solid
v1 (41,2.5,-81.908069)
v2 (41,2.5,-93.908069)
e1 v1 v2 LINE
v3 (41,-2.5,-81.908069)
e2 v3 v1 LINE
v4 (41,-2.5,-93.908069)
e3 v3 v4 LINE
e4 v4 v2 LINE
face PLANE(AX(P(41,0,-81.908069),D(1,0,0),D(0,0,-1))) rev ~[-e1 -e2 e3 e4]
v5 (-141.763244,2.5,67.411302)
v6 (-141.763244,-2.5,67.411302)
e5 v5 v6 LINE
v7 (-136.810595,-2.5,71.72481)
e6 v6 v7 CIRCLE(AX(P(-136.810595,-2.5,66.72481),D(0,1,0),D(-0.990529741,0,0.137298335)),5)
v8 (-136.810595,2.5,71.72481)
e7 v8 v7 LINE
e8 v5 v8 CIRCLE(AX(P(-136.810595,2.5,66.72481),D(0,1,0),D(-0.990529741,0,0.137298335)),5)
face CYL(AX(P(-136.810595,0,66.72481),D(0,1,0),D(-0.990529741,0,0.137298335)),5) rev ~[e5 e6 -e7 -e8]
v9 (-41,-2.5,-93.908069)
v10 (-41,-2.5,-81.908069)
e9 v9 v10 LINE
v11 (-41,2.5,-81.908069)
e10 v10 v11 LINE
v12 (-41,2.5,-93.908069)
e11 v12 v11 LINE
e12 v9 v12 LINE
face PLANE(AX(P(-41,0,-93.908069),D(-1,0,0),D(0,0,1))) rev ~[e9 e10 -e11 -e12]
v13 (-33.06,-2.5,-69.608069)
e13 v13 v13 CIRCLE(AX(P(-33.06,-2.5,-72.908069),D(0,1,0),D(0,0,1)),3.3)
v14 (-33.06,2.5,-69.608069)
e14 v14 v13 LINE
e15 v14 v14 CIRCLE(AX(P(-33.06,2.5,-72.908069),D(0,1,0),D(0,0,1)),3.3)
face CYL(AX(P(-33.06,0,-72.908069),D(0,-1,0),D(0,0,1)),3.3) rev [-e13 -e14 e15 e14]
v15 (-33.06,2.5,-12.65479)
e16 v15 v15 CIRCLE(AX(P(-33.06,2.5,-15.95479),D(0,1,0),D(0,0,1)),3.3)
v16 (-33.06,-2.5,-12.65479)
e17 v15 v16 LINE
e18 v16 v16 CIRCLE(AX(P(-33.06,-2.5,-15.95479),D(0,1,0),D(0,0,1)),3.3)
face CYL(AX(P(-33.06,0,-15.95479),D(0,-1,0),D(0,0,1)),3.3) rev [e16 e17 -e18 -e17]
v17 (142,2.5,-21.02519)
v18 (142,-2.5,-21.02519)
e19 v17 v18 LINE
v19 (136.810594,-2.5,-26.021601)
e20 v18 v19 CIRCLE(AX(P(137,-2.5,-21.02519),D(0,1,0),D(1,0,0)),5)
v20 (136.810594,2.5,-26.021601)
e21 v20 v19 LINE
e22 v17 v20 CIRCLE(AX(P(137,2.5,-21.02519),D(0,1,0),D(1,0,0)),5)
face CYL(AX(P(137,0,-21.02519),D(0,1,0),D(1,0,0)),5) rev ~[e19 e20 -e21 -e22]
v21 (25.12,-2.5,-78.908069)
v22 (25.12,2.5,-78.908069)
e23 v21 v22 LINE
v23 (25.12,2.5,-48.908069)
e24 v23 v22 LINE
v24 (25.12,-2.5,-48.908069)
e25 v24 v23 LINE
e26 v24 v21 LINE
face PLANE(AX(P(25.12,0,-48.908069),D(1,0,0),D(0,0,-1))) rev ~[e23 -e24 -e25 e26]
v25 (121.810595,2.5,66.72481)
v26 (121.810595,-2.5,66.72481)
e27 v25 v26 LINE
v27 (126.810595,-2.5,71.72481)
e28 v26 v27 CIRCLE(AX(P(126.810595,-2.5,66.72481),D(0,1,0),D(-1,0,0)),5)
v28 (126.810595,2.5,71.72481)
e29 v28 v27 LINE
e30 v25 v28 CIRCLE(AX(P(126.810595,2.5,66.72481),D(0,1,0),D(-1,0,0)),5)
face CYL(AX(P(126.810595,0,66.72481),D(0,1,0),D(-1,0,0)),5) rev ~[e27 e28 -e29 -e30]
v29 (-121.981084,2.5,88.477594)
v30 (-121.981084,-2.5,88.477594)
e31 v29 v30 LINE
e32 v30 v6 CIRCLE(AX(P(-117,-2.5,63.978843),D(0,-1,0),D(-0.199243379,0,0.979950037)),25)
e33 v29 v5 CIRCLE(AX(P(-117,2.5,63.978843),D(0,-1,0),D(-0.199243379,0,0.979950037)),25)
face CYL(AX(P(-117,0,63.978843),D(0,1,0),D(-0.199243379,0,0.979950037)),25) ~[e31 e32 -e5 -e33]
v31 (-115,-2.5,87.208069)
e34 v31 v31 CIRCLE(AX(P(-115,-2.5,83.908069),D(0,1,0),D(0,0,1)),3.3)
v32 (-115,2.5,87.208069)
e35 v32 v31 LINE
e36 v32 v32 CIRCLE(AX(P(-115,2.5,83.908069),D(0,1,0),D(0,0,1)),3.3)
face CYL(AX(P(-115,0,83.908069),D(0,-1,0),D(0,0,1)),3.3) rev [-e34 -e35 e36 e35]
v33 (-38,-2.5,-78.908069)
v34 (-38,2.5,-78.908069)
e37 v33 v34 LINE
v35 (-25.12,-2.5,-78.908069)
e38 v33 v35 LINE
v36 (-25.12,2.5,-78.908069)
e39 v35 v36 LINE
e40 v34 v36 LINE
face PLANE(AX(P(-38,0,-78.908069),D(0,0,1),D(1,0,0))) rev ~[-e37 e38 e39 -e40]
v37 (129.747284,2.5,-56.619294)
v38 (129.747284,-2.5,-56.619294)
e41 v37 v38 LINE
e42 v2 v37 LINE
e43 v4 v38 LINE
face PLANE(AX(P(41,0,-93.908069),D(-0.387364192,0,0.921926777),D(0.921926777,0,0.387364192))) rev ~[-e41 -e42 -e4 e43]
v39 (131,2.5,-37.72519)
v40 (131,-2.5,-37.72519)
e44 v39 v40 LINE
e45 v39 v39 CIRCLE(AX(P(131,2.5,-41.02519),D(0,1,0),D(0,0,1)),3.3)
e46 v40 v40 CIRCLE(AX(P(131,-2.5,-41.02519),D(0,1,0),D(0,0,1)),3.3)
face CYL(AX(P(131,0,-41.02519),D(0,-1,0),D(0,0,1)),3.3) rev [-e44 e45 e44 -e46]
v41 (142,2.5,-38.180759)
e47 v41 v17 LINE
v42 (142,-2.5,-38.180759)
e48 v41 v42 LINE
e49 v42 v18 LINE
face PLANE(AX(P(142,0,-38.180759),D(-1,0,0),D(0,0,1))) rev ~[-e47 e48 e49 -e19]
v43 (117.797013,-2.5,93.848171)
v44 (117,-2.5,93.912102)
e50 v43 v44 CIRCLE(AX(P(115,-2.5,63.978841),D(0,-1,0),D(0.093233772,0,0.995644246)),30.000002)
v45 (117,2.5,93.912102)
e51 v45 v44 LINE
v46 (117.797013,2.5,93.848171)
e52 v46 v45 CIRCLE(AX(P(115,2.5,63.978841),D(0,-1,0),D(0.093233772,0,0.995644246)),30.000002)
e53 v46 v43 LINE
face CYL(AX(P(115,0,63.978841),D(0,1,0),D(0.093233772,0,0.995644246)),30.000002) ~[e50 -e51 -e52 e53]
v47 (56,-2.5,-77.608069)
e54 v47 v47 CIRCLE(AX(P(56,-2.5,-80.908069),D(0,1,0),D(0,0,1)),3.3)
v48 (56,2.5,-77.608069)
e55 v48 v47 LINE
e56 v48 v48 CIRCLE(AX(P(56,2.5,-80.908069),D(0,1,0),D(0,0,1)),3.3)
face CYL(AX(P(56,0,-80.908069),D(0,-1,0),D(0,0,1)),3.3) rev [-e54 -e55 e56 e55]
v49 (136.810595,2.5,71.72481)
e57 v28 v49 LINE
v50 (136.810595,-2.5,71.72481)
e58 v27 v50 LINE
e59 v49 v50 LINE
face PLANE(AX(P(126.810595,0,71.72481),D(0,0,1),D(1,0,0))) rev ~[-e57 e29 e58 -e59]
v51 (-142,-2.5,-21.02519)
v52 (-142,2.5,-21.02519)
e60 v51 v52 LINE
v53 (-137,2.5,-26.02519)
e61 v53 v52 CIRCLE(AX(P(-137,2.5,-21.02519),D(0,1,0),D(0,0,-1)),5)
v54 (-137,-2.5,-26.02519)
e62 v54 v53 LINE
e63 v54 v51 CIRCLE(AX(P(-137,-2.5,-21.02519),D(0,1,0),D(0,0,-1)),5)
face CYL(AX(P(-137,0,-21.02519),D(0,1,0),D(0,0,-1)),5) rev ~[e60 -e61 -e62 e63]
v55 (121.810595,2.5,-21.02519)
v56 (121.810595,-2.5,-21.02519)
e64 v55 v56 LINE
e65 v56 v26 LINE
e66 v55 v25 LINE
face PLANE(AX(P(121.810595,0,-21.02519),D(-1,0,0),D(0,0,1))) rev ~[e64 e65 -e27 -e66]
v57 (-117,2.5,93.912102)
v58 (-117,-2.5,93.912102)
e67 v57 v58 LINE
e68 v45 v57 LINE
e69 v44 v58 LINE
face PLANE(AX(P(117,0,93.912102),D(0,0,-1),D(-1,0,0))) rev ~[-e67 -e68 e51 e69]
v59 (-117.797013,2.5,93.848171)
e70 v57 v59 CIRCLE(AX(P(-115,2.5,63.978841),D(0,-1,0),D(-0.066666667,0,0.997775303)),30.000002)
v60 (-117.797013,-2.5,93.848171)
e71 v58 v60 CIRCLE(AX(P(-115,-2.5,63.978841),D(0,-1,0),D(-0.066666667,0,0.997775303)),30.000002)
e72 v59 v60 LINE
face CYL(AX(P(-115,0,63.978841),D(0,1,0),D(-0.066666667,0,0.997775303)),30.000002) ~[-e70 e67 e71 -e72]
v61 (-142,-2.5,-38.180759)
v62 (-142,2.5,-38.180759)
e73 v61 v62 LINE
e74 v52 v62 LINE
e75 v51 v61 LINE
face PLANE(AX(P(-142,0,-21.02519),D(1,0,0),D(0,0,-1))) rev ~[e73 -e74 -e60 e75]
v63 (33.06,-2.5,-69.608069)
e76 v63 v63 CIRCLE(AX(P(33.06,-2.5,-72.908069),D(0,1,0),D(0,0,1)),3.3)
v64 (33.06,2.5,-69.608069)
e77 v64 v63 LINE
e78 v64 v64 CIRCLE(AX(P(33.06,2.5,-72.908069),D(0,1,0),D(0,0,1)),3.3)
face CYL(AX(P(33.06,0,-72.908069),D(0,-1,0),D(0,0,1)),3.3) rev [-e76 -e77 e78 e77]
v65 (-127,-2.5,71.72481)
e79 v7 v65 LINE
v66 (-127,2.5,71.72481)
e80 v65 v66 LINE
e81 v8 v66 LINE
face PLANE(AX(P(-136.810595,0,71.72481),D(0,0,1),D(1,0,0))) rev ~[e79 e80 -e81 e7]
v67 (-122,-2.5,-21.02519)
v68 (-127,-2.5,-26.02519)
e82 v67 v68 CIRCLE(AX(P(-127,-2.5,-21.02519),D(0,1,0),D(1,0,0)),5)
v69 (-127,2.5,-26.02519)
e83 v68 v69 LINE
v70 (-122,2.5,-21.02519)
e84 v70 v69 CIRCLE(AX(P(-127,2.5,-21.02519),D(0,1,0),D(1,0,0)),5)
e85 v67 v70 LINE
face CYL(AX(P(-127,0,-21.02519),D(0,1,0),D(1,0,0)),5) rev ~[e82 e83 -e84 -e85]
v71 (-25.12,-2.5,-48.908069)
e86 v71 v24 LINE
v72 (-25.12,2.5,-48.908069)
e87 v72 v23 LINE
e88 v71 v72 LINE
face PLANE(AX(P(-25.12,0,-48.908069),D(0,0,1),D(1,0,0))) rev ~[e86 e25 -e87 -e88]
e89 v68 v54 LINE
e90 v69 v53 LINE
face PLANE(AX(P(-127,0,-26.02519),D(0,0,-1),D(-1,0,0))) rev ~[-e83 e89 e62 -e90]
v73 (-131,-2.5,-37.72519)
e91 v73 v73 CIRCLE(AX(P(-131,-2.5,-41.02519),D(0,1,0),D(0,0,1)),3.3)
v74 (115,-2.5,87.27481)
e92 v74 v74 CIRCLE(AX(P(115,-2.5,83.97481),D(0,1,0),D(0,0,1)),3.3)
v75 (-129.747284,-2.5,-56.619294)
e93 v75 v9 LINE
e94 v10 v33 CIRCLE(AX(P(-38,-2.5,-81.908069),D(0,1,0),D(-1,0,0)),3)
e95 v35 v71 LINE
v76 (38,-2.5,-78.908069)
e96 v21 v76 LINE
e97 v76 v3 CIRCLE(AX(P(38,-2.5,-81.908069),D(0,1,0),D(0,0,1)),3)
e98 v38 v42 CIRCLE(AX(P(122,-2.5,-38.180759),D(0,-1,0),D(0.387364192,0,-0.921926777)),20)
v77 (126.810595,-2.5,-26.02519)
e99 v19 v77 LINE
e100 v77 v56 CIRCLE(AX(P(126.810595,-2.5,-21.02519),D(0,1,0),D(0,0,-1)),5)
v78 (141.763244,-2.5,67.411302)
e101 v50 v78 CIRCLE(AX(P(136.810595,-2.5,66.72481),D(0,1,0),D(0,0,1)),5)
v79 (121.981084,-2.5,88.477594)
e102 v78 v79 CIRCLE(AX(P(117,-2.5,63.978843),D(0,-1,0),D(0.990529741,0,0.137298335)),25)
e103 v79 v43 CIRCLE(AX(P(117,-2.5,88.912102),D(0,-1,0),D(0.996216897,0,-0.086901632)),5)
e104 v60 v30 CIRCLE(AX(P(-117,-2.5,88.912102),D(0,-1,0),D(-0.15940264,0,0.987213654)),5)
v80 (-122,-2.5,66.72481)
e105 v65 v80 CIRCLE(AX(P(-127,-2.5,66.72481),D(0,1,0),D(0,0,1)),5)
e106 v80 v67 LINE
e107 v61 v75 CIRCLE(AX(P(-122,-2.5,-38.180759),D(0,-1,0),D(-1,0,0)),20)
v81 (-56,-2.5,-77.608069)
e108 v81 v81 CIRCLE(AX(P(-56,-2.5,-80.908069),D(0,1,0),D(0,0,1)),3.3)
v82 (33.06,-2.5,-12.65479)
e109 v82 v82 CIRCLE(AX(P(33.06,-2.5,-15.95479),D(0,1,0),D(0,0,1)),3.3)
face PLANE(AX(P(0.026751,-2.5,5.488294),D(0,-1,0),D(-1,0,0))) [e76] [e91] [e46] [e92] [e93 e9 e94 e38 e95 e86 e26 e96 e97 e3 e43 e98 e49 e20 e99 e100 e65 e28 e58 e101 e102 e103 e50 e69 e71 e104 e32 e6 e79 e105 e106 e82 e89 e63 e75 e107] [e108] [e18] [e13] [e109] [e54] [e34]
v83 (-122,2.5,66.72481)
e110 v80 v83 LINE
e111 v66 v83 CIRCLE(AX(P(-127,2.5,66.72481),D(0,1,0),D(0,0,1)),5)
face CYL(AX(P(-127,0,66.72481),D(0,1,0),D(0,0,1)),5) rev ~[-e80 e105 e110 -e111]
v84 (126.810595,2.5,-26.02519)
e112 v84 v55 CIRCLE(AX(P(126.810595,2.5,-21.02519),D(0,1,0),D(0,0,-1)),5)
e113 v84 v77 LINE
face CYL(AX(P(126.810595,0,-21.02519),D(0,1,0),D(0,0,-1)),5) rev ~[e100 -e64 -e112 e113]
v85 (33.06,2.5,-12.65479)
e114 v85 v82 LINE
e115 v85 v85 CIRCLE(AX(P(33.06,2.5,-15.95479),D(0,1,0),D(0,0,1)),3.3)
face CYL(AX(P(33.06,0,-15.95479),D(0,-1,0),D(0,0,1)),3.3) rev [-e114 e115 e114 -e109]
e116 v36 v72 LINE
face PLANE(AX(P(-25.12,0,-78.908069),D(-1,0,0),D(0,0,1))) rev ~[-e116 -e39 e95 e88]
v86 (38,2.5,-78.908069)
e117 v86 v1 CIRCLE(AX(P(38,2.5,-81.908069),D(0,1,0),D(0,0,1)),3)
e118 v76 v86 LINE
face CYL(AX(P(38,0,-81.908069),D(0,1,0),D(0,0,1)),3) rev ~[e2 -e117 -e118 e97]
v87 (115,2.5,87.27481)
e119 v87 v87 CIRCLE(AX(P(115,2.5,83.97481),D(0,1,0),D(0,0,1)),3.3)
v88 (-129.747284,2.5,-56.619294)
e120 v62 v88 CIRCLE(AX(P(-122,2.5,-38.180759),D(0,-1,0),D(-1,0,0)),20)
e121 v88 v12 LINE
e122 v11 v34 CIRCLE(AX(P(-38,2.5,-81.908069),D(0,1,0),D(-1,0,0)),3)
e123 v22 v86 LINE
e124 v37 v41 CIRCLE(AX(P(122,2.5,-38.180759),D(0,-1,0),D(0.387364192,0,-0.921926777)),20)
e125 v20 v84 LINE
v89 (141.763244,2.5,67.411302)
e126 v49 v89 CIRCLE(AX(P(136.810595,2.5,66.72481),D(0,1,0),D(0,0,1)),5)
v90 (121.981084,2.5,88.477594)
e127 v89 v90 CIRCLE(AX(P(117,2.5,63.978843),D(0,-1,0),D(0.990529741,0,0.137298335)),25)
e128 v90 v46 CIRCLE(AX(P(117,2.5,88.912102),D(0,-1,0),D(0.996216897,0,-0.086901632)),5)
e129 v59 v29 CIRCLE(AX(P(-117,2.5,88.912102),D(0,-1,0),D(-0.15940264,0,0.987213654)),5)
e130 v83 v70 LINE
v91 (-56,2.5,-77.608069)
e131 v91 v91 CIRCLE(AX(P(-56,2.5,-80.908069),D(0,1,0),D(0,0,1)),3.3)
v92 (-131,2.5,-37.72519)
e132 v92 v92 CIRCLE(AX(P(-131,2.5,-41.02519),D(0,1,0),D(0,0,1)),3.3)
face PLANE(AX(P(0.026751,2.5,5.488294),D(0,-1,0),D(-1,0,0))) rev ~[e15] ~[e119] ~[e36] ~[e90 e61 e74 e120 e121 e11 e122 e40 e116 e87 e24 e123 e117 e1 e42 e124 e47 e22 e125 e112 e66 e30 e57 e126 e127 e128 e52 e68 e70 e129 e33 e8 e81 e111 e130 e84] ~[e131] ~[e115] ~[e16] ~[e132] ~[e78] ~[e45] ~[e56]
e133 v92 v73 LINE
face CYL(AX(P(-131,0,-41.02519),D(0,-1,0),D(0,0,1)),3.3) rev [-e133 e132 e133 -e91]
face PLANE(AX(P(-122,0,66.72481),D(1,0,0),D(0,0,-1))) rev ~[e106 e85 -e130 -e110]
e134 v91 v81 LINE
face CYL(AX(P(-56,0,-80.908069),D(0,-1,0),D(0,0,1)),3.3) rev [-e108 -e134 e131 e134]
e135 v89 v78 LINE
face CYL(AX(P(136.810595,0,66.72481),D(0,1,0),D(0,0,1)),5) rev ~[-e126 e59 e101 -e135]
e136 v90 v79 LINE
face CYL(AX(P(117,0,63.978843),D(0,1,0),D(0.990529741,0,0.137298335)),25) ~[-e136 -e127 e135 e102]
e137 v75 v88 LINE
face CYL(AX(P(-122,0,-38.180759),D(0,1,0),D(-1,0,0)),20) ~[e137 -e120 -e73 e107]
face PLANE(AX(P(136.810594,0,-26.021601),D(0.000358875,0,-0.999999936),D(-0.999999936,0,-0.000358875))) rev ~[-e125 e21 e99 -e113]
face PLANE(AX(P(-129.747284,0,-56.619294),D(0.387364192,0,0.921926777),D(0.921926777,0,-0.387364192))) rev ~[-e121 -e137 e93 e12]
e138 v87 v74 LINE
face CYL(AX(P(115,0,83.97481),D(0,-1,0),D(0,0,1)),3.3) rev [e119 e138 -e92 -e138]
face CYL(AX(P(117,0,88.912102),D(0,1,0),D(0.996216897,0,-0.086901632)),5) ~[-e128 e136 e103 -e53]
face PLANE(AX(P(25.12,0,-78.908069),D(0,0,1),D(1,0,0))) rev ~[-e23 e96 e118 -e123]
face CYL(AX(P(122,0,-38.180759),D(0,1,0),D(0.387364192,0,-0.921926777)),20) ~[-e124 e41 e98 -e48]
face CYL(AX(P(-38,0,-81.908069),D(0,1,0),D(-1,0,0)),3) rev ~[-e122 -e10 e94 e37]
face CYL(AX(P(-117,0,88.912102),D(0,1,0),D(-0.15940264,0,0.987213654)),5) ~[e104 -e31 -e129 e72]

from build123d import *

# Parameters (mm, degrees)
SKETCH2_R                = 3.3
RESSALTO_EXTRUS_O3_DEPTH = 2.5


with BuildPart() as part:
    # Sketch2 → Ressalto-extrusão3 (new, symmetric)
    with BuildSketch(Plane(origin=(0, 0, 0), x_dir=(1, 0, 0), z_dir=(0, 1, 0))):
        with BuildLine():
            Line((41, 93.908069032), (129.747283843, 56.619294308))
            ThreePointArc((129.747283843, 56.619294308), (138.657515974, 49.24995754), (142, 38.180758763))
            Line((142, 38.180758763), (142, 21.025190062))
            ThreePointArc((142, 21.025190062), (140.46792235, 24.627066597), (136.810594171, 26.021601317))
            Line((136.810594171, 26.021601317), (126.810594815, 26.025190062))
            ThreePointArc((126.810594815, 26.025190062), (123.275060909, 24.560723968), (121.810594815, 21.025190062))
            Line((121.810594815, 21.025190062), (121.810594815, -66.724809938))
            ThreePointArc((121.810594815, -66.724809938), (123.275060909, -70.260343844), (126.810594815, -71.724809938))
            Line((126.810594815, -71.724809938), (136.810594815, -71.724809938))
            ThreePointArc((136.810594815, -71.724809938), (140.09446004, -70.495251448), (141.763243519, -67.411301611))
            ThreePointArc((141.763243519, -67.411301611), (135.224391149, -81.092334042), (121.981084486, -88.47759418))
            ThreePointArc((121.981084486, -88.47759418), (120.944283966, -91.984987628), (117.797013197, -93.84817061))
            ThreePointArc((117.797013197, -93.84817061), (117.3987196, -93.882791886), (117, -93.91210234))
            Line((117, -93.91210234), (-117, -93.91210234))
            ThreePointArc((-117, -93.91210234), (-117.3987196, -93.882791886), (-117.797013197, -93.84817061))
            ThreePointArc((-117.797013197, -93.84817061), (-120.944283966, -91.984987628), (-121.981084486, -88.47759418))
            ThreePointArc((-121.981084486, -88.47759418), (-135.224391149, -81.092334042), (-141.763243519, -67.411301611))
            ThreePointArc((-141.763243519, -67.411301611), (-140.09446004, -70.495251448), (-136.810594815, -71.724809938))
            Line((-136.810594815, -71.724809938), (-127, -71.724809938))
            ThreePointArc((-127, -71.724809938), (-123.464466094, -70.260343844), (-122, -66.724809938))
            Line((-122, -66.724809938), (-122, 21.025190062))
            ThreePointArc((-122, 21.025190062), (-123.464466094, 24.560723968), (-127, 26.025190062))
            Line((-127, 26.025190062), (-137, 26.025190062))
            ThreePointArc((-137, 26.025190062), (-140.535533906, 24.560723968), (-142, 21.025190062))
            Line((-142, 21.025190062), (-142, 38.180758763))
            ThreePointArc((-142, 38.180758763), (-138.657515974, 49.24995754), (-129.747283843, 56.619294308))
            Line((-129.747283843, 56.619294308), (-41, 93.908069032))
            Line((-41, 93.908069032), (-41, 81.908069032))
            ThreePointArc((-41, 81.908069032), (-40.121320344, 79.786748689), (-38, 78.908069032))
            Line((-38, 78.908069032), (-25.12, 78.908069032))
            Line((-25.12, 78.908069032), (-25.12, 48.908069032))
            Line((-25.12, 48.908069032), (25.12, 48.908069032))
            Line((25.12, 48.908069032), (25.12, 78.908069032))
            Line((25.12, 78.908069032), (38, 78.908069032))
            ThreePointArc((38, 78.908069032), (40.121320344, 79.786748689), (41, 81.908069032))
            Line((41, 81.908069032), (41, 93.908069032))
        make_face()
        with Locations(Location((-33.06, 15.954790167, 0), (0, 0, 270))):
            Circle(SKETCH2_R, mode=Mode.SUBTRACT)
        with Locations(Location((33.06, 15.954790032, 0), (0, 0, 270))):
            Circle(SKETCH2_R, mode=Mode.SUBTRACT)
        with Locations(Location((33.06, 72.908069032, 0), (0, 0, 270))):
            Circle(SKETCH2_R, mode=Mode.SUBTRACT)
        with Locations(Location((-33.06, 72.908069032, 0), (0, 0, 270))):
            Circle(SKETCH2_R, mode=Mode.SUBTRACT)
        with Locations(Location((-56, 80.908069032, 0), (0, 0, 270))):
            Circle(SKETCH2_R, mode=Mode.SUBTRACT)
        with Locations(Location((-131, 41.025190062, 0), (0, 0, 270))):
            Circle(SKETCH2_R, mode=Mode.SUBTRACT)
        with Locations(Location((56, 80.908069032, 0), (0, 0, 270))):
            Circle(SKETCH2_R, mode=Mode.SUBTRACT)
        with Locations(Location((131, 41.025190062, 0), (0, 0, 270))):
            Circle(SKETCH2_R, mode=Mode.SUBTRACT)
        with Locations(Location((115, -83.974809938, 0), (0, 0, 270))):
            Circle(SKETCH2_R, mode=Mode.SUBTRACT)
        with Locations(Location((-115, -83.908069032, 0), (0, 0, 270))):
            Circle(SKETCH2_R, mode=Mode.SUBTRACT)
    extrude(amount=RESSALTO_EXTRUS_O3_DEPTH, both=True)


solid = part.part
